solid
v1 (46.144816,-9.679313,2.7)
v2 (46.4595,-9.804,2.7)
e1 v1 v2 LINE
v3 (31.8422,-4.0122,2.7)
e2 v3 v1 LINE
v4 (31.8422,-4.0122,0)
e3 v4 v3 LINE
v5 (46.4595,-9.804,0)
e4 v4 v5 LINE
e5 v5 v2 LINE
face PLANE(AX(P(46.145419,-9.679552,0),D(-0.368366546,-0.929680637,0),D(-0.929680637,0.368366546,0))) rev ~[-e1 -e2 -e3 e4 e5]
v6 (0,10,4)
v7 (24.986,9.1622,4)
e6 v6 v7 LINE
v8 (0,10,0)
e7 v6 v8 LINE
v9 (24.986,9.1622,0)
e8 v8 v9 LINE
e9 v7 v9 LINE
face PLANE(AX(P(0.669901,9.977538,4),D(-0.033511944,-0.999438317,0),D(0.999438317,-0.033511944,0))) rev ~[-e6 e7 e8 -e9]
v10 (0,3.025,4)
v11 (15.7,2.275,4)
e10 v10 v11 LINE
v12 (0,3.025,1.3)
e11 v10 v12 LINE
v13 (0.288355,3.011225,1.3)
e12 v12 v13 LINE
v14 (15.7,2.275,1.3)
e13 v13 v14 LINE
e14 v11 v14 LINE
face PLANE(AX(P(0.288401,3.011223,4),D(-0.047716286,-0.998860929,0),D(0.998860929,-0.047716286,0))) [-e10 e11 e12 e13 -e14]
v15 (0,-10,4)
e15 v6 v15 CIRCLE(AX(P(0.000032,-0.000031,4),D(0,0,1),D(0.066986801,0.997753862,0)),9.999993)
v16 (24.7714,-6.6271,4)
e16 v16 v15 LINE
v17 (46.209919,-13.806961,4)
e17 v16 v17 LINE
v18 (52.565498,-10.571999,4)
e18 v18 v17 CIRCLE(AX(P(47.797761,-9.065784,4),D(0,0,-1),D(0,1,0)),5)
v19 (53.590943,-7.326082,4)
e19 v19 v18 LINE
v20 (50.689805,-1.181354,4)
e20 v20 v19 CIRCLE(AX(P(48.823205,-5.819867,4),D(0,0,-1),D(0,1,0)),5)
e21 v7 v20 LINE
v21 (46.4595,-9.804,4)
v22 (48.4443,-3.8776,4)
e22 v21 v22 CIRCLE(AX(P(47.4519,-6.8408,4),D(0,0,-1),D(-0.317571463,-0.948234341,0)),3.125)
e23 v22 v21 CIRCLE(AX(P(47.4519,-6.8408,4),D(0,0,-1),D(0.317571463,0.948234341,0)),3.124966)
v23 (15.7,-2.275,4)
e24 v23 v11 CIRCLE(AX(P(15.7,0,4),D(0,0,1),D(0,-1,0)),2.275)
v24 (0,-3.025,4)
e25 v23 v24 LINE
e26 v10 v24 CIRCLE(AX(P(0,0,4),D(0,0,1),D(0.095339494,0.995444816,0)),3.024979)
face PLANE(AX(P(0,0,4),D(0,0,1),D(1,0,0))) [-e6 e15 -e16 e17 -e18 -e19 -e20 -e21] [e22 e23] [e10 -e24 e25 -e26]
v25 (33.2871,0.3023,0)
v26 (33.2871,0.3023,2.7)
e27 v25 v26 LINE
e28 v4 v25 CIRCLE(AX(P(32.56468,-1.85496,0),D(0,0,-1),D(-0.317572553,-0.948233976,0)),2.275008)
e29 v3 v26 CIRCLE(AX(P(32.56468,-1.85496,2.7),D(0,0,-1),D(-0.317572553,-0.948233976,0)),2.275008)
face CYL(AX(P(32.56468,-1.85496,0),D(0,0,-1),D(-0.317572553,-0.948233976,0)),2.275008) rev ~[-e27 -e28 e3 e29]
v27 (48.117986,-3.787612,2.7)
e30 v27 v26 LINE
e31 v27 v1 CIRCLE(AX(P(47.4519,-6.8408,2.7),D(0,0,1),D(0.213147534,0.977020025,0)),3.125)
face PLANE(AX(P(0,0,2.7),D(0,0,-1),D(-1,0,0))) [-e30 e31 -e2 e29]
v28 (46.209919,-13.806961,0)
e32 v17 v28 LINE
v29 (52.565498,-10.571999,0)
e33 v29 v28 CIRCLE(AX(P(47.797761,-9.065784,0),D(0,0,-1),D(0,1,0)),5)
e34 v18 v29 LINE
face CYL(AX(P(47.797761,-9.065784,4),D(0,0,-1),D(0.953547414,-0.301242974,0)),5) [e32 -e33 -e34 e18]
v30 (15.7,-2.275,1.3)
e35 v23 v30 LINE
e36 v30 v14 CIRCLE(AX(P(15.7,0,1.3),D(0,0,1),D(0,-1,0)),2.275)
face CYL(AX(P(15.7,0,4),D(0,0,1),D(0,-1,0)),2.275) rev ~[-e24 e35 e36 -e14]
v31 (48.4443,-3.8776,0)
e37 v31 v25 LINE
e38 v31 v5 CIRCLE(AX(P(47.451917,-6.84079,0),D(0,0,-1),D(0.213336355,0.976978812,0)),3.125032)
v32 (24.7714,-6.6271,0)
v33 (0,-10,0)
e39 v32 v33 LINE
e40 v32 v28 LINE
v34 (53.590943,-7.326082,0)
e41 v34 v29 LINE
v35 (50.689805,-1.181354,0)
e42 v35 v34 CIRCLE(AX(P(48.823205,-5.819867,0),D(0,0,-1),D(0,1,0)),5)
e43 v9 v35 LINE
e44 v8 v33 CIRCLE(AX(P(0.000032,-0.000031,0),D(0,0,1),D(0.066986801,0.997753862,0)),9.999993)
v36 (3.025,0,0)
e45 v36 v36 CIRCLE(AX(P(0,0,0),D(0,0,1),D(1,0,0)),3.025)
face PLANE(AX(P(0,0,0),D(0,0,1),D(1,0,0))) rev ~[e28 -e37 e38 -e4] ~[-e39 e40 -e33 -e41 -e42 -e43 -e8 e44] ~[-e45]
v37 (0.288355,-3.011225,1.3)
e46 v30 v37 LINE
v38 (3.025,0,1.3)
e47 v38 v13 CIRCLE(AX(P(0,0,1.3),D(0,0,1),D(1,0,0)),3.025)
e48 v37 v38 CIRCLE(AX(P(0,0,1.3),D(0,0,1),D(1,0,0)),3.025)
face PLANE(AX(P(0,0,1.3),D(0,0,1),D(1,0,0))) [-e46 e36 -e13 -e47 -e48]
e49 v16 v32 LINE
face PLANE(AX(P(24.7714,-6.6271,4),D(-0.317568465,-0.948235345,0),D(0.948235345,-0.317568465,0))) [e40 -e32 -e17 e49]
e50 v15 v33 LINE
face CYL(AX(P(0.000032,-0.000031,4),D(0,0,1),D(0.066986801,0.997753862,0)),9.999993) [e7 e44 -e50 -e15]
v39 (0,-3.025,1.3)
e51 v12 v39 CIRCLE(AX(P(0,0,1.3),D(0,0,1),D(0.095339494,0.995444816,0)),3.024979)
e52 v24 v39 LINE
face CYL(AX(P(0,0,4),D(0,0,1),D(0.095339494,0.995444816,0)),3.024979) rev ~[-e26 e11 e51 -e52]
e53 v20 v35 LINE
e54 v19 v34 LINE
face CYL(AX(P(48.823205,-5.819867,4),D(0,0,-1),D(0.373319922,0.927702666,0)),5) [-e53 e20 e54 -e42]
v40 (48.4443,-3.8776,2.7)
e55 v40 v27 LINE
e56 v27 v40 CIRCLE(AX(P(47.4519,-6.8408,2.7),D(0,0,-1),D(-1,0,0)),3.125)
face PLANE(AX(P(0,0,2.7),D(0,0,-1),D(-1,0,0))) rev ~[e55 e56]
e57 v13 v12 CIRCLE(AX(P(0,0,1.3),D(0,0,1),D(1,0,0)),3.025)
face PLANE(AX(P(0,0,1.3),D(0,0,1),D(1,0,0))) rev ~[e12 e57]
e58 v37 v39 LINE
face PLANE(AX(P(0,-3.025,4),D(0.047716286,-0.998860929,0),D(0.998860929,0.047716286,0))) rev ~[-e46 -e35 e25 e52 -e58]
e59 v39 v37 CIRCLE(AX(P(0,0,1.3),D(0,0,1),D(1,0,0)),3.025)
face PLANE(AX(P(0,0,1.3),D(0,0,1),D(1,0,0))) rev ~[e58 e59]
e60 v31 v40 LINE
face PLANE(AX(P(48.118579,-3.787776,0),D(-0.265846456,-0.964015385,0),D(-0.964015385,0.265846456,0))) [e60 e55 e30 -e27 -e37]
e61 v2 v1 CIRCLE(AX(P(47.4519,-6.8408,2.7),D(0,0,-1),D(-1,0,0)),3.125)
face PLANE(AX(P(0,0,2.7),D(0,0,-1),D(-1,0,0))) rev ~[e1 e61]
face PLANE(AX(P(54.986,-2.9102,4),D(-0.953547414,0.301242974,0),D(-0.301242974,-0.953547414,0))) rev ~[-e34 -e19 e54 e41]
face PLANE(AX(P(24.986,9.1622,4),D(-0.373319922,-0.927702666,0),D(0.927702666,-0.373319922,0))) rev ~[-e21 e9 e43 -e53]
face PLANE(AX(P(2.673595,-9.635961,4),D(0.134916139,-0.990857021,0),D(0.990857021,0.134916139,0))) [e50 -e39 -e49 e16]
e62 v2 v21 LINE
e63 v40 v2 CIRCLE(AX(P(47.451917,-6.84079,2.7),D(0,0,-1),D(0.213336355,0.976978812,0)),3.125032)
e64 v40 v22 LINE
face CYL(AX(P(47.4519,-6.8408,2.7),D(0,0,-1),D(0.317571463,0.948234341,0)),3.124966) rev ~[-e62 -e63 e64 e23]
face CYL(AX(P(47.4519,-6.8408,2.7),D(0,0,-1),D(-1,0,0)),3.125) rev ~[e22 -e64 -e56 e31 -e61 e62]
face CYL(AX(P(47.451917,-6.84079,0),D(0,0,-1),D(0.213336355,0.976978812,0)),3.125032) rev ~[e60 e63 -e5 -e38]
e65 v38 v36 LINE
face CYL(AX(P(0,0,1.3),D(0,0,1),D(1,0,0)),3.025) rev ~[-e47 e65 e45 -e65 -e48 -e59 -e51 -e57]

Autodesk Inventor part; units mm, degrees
ref_plane "YZ Plane" through (0, 0, 0) normal (1, 0, 0) x (0, 1, 0)
ref_plane "XZ Plane" through (0, 0, 0) normal (0, 1, 0) x (-1, 0, 0)
ref_plane "XY Plane" through (0, 0, 0) normal (0, 0, 1) x (1, 0, 0)
sketch "Sketch1" plane through (0, 0, 0) normal (0, 0, 1) x (1, 0, 0)
  arc A0 (0.2884, 3.0112) -> (0.2884, -3.0112) centre (0, 0) ccw
  arc A1 (15.7, -2.275) -> (15.7, 2.275) centre (15.7, 0) ccw
  line L0 (0, 3.025) -> (15.7, 2.275)
  line L1 (0, -3.025) -> (15.7, -2.275)
  dimension "d0" = 6.05
  dimension "d2" = 15.7
  dimension "d3" = 4.55
extrude "Extrusion1" add sketch "Sketch1" along normal blind 4 contours L0 A1 L1 A0
sketch "Sketch6" plane through (0, 0, 4) normal (0, 0, 1) x (1, 0, 0)
  arc A0 (0.6699, 9.9775) -> (2.6736, -9.636) centre (0, 0) ccw
  line L0 (0, 10) -> (24.986, 9.1622)
  line L1 (0, -10) -> (24.7714, -6.6271)
  line L2 (24.986, 9.1622) -> (54.986, -2.9102)
  line L3 (24.7714, -6.6271) -> (51.0332, -15.4223)
  line L4 (54.986, -2.9102) -> (51.0332, -15.4223)
  line L5 (15.7, 2.275) -> (0, 3.025) projected
  arc A1 (0, 3.025) -> (0, -3.025) centre (0, 0) ccw projected
  line L6 (0, -3.025) -> (15.7, -2.275) projected
  arc A2 (15.7, -2.275) -> (15.7, 2.275) centre (15.7, 0) ccw projected
  dimension "d32" = 20
  dimension "d33" = 25
  dimension "d34" = 25
  dimension "d37" = 160
  dimension "d39" = 30
  dimension "d56" = 51.0332
  dimension "d82" = 9.674
  dimension "d83" = 13.1217
  dimension "d84" = 153.73
extrude "Extrusion5" add sketch "Sketch6" against normal blind 4 contours L0 L2 L4 L3 L1 A0
sketch "Sketch8" plane through (0, 0, 4) normal (0, 0, 1) x (1, 0, 0)
  line L0 (0, -3.025) -> (15.7, -2.275) projected
  arc A0 (0.2884, 3.0112) -> (0.2884, -3.0112) centre (0, 0) ccw projected
  line L1 (0, 3.025) -> (15.7, 2.275) projected
  arc A1 (15.7, -2.275) -> (15.7, 2.275) centre (15.7, 0) ccw projected
extrude "Extrusion8" cut sketch "Sketch8" against normal blind 2.7 contours A0 L1 A1 L0
sketch "Sketch9" plane through (0, 0, 1.3) normal (0, 0, 1) x (1, 0, 0)
  line L0 (15.7, -2.275) -> (0, -3.025) projected
  circle A0 centre (0, 0) radius 3.025
  point P0 (0.2884, -3.0112)
extrude "Extrusion9" cut sketch "Sketch9" against normal through all
sketch "Sketch11" plane through (0, 0, 0) normal (0, 0, -1) x (-1, 0, 0)
  arc A0 (-48.1186, -3.7877) -> (-46.1454, -9.6796) centre (-47.4519, -6.8408) ccw
  arc A1 (-31.8422, -4.0122) -> (-33.2871, 0.3023) centre (-32.5646, -1.855) ccw
  line L0 (-53.146, -8.7478) -> (-23.9305, 1.0366) construction
  line L1 (-48.4443, -3.8776) -> (-33.2871, 0.3023)
  line L2 (-46.4595, -9.804) -> (-31.8422, -4.0122)
  line L3 (-54.986, -2.9102) -> (-51.0332, -15.4223) projected
  line L4 (-51.0332, -15.4223) -> (-24.7714, -6.6271) projected
  point P0 (0, 0)
  dimension "d60" = 6.25
  dimension "d64" = 4.55
  dimension "d65" = 3.125
  dimension "d66" = 2.275
  dimension "d74" = 6
  dimension "d75" = 7
  dimension "d77" = 15.7
fillet "Fillet3" radius 5 2 edges at (54.986, -2.9102, 2) (51.0332, -15.4223, 2)
extrude "Extrusion12" cut sketch "Sketch11" against normal blind 2.7 contours L1 A1 L2 A0
sketch "Sketch14" plane through (0, 0, 2.7) normal (0, 0, -1) x (-1, 0, 0)
  arc A0 (-48.4443, -3.8776) -> (-46.4595, -9.804) centre (-47.4519, -6.8408) ccw projected
  circle A1 centre (-47.4519, -6.8408) radius 3.125
  point P0 (0, 0)
  point P1 (-48.4443, -3.8776)
extrude "Extrusion13" cut sketch "Sketch14" against normal blind 2.7
properties part number "pata_superior_v3"
